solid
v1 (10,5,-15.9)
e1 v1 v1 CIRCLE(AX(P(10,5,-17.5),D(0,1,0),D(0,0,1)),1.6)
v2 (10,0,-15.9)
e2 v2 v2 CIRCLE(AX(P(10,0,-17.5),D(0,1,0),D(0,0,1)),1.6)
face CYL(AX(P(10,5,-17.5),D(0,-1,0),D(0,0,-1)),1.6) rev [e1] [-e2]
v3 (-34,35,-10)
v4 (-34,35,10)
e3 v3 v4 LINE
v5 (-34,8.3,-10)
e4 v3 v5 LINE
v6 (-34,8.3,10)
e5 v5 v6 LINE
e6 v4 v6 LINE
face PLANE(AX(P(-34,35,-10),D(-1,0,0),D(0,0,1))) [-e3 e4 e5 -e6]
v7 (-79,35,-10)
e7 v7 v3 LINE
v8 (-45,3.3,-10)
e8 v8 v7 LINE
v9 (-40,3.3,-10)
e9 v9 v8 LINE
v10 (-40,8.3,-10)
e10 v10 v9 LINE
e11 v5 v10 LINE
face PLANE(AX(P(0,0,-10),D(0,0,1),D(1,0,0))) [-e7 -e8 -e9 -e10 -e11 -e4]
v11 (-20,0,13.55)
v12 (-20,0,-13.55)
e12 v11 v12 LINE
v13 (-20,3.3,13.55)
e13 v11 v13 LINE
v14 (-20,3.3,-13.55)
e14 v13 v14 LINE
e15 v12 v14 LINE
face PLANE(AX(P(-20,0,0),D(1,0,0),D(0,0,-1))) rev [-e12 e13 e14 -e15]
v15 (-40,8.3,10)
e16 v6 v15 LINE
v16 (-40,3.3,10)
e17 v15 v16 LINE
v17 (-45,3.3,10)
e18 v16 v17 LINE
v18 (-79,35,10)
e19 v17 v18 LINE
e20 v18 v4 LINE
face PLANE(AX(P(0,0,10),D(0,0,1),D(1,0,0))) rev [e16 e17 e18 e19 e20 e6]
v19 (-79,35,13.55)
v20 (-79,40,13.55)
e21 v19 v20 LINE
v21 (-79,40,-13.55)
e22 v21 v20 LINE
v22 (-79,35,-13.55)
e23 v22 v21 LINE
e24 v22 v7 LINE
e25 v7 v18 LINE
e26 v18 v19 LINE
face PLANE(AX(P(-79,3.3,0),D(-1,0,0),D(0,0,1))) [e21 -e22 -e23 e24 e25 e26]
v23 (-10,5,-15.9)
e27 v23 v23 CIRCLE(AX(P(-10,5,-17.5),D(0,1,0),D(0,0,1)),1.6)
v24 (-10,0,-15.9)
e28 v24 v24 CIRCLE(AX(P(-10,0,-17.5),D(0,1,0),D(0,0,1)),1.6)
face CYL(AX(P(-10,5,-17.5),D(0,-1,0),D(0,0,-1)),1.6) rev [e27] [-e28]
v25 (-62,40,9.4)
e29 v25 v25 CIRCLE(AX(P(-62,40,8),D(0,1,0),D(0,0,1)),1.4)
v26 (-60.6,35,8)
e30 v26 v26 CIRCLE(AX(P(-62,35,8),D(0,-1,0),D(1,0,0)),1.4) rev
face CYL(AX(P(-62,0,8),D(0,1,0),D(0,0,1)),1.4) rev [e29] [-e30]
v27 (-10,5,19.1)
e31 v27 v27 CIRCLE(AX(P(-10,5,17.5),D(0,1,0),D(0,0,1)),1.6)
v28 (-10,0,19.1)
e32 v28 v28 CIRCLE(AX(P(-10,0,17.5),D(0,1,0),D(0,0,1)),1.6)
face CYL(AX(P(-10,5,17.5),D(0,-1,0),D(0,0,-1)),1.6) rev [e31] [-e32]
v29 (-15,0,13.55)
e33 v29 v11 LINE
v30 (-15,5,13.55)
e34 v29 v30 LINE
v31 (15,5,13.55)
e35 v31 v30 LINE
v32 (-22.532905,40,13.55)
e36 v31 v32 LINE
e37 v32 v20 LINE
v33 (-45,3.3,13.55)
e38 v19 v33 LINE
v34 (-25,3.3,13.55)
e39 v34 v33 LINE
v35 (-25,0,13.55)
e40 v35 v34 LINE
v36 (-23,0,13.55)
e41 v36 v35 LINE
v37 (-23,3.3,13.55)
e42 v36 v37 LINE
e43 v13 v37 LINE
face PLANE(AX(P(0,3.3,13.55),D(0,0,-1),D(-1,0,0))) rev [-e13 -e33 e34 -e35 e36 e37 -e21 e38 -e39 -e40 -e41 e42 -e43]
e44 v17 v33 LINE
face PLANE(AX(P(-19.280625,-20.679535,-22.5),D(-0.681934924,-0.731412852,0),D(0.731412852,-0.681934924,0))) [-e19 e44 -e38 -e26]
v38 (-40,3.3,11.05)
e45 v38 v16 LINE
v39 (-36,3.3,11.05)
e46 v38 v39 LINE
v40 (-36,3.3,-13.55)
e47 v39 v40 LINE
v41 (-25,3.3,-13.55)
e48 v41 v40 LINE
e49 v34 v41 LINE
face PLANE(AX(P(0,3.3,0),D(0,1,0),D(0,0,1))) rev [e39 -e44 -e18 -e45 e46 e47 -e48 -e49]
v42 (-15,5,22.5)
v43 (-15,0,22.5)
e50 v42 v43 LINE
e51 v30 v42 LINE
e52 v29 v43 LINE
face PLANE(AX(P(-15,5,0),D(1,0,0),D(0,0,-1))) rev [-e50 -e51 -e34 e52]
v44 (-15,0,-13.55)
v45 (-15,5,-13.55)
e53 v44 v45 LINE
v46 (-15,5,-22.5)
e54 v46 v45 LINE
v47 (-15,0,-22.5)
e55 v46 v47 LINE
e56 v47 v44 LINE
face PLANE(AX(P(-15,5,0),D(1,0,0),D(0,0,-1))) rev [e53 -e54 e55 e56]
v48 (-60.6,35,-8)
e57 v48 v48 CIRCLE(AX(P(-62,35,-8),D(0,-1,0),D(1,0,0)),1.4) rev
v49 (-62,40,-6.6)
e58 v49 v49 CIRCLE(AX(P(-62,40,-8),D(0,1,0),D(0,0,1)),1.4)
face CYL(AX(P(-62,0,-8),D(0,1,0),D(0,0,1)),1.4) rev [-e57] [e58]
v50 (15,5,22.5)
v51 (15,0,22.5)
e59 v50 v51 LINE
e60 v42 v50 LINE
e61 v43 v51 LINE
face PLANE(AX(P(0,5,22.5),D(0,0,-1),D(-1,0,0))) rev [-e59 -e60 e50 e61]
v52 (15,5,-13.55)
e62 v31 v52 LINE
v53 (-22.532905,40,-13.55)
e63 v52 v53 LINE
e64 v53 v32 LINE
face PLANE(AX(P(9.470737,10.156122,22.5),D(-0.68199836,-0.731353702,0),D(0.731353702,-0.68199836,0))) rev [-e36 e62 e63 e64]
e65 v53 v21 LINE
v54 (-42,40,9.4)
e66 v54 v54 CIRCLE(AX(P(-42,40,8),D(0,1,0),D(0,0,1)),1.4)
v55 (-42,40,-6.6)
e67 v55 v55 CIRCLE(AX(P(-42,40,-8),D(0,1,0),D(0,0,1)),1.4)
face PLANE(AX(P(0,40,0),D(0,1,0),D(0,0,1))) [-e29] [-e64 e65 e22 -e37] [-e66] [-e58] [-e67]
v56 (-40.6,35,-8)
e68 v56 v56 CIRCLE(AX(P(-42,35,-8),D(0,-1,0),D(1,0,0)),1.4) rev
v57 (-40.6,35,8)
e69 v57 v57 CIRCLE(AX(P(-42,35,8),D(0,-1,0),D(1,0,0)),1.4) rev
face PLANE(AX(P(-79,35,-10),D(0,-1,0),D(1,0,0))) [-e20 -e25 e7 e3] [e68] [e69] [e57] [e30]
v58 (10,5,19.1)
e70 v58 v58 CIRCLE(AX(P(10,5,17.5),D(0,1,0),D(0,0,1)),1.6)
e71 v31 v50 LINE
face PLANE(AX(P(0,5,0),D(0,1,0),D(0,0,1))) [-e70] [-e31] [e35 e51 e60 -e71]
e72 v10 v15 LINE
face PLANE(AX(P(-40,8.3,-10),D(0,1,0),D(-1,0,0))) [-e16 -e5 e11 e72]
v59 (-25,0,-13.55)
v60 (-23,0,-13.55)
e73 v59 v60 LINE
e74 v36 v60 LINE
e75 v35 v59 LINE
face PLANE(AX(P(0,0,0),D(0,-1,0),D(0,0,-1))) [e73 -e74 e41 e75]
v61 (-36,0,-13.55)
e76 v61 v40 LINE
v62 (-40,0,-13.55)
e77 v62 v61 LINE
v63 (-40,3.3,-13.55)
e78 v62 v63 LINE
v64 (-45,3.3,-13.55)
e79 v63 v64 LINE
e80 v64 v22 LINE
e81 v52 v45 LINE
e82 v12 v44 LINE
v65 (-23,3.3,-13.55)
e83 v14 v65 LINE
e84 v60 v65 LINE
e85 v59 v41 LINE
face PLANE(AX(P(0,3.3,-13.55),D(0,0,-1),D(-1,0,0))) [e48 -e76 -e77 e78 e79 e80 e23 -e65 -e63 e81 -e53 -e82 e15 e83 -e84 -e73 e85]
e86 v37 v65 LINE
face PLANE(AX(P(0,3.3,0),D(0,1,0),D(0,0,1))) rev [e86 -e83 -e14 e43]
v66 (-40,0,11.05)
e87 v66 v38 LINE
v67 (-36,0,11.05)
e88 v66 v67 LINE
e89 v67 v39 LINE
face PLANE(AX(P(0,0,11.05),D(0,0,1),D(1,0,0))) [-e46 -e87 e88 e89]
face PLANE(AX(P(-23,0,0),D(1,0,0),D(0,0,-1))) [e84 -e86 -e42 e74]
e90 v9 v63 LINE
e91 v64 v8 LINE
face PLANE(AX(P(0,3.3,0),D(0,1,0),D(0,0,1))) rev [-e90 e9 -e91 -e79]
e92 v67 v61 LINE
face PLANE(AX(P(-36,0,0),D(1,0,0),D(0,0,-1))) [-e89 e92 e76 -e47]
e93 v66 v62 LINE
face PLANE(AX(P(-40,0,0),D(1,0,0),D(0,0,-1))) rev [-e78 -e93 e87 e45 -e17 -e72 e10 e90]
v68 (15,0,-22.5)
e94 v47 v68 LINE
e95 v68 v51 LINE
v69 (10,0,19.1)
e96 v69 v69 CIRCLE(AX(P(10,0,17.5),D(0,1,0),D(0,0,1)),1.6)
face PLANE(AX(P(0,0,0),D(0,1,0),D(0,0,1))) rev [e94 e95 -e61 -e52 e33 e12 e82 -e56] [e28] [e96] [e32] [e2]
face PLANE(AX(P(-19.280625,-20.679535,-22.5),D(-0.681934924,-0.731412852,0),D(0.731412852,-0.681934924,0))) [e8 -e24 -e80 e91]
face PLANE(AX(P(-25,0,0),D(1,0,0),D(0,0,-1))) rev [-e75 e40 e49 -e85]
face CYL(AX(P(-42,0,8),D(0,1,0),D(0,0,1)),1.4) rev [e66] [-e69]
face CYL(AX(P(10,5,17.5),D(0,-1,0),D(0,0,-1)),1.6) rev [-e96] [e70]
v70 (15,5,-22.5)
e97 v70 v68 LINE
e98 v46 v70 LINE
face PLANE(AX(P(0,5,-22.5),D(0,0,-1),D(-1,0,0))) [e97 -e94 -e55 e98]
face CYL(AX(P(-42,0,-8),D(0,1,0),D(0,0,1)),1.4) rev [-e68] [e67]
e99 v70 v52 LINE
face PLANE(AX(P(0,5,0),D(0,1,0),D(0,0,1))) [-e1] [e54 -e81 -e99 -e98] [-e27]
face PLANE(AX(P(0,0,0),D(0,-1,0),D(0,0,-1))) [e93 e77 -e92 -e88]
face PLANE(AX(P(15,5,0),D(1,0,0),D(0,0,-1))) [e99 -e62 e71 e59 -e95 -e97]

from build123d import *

# Parameters (mm, degrees)
SKETCH1_W                = 30
SKETCH1_H                = 45
SKETCH1_R                = 1.6
BOSS_EXTRUDE3_DEPTH      = 5
SKETCH2_W                = 64
SKETCH2_H                = 27.1
SKETCH2_W_2              = 30
BOSS_EXTRUDE4_DEPTH      = 35
BOSS_EXTRUDE4_DEPTH_BACK = 1.7
SKETCH3_W                = 4
SKETCH3_H                = 24.6
SKETCH3_W_2              = 5
SKETCH3_H_2              = 27.1
SKETCH3_W_3              = 2
BOSS_EXTRUDE5_DEPTH      = 3.3
SKETCH4_R                = 1.4
CUT_EXTRUDE1_DEPTH       = 41
CUT_EXTRUDE4_DEPTH       = 37.05
CUT_EXTRUDE5_DEPTH       = 10
CUT_EXTRUDE5_DEPTH_BACK  = 10
CUT_EXTRUDE6_DEPTH       = 37.05


with BuildPart() as part:
    # Sketch1 → Boss-Extrude3 (new body)
    with BuildSketch(Plane(origin=(0, 0, 0), x_dir=(1, 0, 0), z_dir=(0, 1, 0))):
        Rectangle(SKETCH1_W, SKETCH1_H)
        with Locations((-10, -17.5)):
            Circle(SKETCH1_R, mode=Mode.SUBTRACT)
        with Locations((10, -17.5)):
            Circle(SKETCH1_R, mode=Mode.SUBTRACT)
        with Locations((10, 17.5)):
            Circle(SKETCH1_R, mode=Mode.SUBTRACT)
        with Locations((-10, 17.5)):
            Circle(SKETCH1_R, mode=Mode.SUBTRACT)
        Polygon((-6, 22.5), (-15, 22.5), (-15, -22.5), (15, -22.5), (15, 22.5), (6, 22.5), align=None)
        with Locations((-10, -17.5)):
            Circle(SKETCH1_R, mode=Mode.SUBTRACT)
        with Locations((10, -17.5)):
            Circle(SKETCH1_R, mode=Mode.SUBTRACT)
        with Locations((-10, 17.5)):
            Circle(SKETCH1_R, mode=Mode.SUBTRACT)
        with Locations((10, 17.5)):
            Circle(SKETCH1_R, mode=Mode.SUBTRACT)
    extrude(amount=BOSS_EXTRUDE3_DEPTH)

    # Sketch2 → Boss-Extrude4 (add, two sides)
    with BuildSketch(Plane(origin=(0, 5, 0), x_dir=(1, 0, 0), z_dir=(0, 1, 0))) as boss_extrude4_sk:
        with Locations((-47, 0)):
            Rectangle(SKETCH2_W, SKETCH2_H)
        Rectangle(SKETCH2_W_2, SKETCH2_H)
    extrude(amount=BOSS_EXTRUDE4_DEPTH)
    extrude(boss_extrude4_sk.sketch, amount=-BOSS_EXTRUDE4_DEPTH_BACK)

    # Sketch3 → Boss-Extrude5 (add)
    with BuildSketch(Plane.XZ.offset(-3.3)):
        with Locations((-38, -1.25)):
            Rectangle(SKETCH3_W, SKETCH3_H)
        with Locations((-17.5, 0)):
            Rectangle(SKETCH3_W_2, SKETCH3_H_2)
        with Locations((-24, 0)):
            Rectangle(SKETCH3_W_3, SKETCH3_H_2)
    extrude(amount=BOSS_EXTRUDE5_DEPTH)

    # Sketch4 → Cut-Extrude1 (cut, through all)
    with BuildSketch(Plane(origin=(0, 40, 0), x_dir=(1, 0, 0), z_dir=(0, 1, 0))):
        with Locations((-62, 8)):
            Circle(SKETCH4_R)
        with Locations((-42, 8)):
            Circle(SKETCH4_R)
        with Locations((-42, -8)):
            Circle(SKETCH4_R)
        with Locations((-62, -8)):
            Circle(SKETCH4_R)
    extrude(amount=-CUT_EXTRUDE1_DEPTH, mode=Mode.SUBTRACT)

    # Sketch7 → Cut-Extrude4 (cut, through all)
    with BuildSketch(Plane.XY.offset(13.55)):
        Polygon((-45, 3.3), (-79, 35), (-79, 3.3), align=None)
    extrude(amount=-CUT_EXTRUDE4_DEPTH, mode=Mode.SUBTRACT)

    # Sketch8 → Cut-Extrude5 (cut, two sides)
    with BuildSketch(Plane(origin=(0, 0, 0), x_dir=(-1, 0, 0), z_dir=(0, 0, -1))) as cut_extrude5_sk:
        Polygon((79, 35), (34, 35), (34, 8.3), (40, 8.3), (40, 3.3), (51.306520611, 3.3), (51.306520611, 8.3), (79, 8.3), align=None)
    extrude(amount=CUT_EXTRUDE5_DEPTH, mode=Mode.SUBTRACT)
    extrude(cut_extrude5_sk.sketch, amount=-CUT_EXTRUDE5_DEPTH_BACK, mode=Mode.SUBTRACT)

    # Sketch9 → Cut-Extrude6 (cut, through all)
    with BuildSketch(Plane(origin=(0, 0, -13.55), x_dir=(-1, 0, 0), z_dir=(0, 0, -1))):
        Polygon((-15, 40), (-15, 5), (22.532904851, 40), align=None)
    extrude(amount=-CUT_EXTRUDE6_DEPTH, mode=Mode.SUBTRACT)


solid = part.part
